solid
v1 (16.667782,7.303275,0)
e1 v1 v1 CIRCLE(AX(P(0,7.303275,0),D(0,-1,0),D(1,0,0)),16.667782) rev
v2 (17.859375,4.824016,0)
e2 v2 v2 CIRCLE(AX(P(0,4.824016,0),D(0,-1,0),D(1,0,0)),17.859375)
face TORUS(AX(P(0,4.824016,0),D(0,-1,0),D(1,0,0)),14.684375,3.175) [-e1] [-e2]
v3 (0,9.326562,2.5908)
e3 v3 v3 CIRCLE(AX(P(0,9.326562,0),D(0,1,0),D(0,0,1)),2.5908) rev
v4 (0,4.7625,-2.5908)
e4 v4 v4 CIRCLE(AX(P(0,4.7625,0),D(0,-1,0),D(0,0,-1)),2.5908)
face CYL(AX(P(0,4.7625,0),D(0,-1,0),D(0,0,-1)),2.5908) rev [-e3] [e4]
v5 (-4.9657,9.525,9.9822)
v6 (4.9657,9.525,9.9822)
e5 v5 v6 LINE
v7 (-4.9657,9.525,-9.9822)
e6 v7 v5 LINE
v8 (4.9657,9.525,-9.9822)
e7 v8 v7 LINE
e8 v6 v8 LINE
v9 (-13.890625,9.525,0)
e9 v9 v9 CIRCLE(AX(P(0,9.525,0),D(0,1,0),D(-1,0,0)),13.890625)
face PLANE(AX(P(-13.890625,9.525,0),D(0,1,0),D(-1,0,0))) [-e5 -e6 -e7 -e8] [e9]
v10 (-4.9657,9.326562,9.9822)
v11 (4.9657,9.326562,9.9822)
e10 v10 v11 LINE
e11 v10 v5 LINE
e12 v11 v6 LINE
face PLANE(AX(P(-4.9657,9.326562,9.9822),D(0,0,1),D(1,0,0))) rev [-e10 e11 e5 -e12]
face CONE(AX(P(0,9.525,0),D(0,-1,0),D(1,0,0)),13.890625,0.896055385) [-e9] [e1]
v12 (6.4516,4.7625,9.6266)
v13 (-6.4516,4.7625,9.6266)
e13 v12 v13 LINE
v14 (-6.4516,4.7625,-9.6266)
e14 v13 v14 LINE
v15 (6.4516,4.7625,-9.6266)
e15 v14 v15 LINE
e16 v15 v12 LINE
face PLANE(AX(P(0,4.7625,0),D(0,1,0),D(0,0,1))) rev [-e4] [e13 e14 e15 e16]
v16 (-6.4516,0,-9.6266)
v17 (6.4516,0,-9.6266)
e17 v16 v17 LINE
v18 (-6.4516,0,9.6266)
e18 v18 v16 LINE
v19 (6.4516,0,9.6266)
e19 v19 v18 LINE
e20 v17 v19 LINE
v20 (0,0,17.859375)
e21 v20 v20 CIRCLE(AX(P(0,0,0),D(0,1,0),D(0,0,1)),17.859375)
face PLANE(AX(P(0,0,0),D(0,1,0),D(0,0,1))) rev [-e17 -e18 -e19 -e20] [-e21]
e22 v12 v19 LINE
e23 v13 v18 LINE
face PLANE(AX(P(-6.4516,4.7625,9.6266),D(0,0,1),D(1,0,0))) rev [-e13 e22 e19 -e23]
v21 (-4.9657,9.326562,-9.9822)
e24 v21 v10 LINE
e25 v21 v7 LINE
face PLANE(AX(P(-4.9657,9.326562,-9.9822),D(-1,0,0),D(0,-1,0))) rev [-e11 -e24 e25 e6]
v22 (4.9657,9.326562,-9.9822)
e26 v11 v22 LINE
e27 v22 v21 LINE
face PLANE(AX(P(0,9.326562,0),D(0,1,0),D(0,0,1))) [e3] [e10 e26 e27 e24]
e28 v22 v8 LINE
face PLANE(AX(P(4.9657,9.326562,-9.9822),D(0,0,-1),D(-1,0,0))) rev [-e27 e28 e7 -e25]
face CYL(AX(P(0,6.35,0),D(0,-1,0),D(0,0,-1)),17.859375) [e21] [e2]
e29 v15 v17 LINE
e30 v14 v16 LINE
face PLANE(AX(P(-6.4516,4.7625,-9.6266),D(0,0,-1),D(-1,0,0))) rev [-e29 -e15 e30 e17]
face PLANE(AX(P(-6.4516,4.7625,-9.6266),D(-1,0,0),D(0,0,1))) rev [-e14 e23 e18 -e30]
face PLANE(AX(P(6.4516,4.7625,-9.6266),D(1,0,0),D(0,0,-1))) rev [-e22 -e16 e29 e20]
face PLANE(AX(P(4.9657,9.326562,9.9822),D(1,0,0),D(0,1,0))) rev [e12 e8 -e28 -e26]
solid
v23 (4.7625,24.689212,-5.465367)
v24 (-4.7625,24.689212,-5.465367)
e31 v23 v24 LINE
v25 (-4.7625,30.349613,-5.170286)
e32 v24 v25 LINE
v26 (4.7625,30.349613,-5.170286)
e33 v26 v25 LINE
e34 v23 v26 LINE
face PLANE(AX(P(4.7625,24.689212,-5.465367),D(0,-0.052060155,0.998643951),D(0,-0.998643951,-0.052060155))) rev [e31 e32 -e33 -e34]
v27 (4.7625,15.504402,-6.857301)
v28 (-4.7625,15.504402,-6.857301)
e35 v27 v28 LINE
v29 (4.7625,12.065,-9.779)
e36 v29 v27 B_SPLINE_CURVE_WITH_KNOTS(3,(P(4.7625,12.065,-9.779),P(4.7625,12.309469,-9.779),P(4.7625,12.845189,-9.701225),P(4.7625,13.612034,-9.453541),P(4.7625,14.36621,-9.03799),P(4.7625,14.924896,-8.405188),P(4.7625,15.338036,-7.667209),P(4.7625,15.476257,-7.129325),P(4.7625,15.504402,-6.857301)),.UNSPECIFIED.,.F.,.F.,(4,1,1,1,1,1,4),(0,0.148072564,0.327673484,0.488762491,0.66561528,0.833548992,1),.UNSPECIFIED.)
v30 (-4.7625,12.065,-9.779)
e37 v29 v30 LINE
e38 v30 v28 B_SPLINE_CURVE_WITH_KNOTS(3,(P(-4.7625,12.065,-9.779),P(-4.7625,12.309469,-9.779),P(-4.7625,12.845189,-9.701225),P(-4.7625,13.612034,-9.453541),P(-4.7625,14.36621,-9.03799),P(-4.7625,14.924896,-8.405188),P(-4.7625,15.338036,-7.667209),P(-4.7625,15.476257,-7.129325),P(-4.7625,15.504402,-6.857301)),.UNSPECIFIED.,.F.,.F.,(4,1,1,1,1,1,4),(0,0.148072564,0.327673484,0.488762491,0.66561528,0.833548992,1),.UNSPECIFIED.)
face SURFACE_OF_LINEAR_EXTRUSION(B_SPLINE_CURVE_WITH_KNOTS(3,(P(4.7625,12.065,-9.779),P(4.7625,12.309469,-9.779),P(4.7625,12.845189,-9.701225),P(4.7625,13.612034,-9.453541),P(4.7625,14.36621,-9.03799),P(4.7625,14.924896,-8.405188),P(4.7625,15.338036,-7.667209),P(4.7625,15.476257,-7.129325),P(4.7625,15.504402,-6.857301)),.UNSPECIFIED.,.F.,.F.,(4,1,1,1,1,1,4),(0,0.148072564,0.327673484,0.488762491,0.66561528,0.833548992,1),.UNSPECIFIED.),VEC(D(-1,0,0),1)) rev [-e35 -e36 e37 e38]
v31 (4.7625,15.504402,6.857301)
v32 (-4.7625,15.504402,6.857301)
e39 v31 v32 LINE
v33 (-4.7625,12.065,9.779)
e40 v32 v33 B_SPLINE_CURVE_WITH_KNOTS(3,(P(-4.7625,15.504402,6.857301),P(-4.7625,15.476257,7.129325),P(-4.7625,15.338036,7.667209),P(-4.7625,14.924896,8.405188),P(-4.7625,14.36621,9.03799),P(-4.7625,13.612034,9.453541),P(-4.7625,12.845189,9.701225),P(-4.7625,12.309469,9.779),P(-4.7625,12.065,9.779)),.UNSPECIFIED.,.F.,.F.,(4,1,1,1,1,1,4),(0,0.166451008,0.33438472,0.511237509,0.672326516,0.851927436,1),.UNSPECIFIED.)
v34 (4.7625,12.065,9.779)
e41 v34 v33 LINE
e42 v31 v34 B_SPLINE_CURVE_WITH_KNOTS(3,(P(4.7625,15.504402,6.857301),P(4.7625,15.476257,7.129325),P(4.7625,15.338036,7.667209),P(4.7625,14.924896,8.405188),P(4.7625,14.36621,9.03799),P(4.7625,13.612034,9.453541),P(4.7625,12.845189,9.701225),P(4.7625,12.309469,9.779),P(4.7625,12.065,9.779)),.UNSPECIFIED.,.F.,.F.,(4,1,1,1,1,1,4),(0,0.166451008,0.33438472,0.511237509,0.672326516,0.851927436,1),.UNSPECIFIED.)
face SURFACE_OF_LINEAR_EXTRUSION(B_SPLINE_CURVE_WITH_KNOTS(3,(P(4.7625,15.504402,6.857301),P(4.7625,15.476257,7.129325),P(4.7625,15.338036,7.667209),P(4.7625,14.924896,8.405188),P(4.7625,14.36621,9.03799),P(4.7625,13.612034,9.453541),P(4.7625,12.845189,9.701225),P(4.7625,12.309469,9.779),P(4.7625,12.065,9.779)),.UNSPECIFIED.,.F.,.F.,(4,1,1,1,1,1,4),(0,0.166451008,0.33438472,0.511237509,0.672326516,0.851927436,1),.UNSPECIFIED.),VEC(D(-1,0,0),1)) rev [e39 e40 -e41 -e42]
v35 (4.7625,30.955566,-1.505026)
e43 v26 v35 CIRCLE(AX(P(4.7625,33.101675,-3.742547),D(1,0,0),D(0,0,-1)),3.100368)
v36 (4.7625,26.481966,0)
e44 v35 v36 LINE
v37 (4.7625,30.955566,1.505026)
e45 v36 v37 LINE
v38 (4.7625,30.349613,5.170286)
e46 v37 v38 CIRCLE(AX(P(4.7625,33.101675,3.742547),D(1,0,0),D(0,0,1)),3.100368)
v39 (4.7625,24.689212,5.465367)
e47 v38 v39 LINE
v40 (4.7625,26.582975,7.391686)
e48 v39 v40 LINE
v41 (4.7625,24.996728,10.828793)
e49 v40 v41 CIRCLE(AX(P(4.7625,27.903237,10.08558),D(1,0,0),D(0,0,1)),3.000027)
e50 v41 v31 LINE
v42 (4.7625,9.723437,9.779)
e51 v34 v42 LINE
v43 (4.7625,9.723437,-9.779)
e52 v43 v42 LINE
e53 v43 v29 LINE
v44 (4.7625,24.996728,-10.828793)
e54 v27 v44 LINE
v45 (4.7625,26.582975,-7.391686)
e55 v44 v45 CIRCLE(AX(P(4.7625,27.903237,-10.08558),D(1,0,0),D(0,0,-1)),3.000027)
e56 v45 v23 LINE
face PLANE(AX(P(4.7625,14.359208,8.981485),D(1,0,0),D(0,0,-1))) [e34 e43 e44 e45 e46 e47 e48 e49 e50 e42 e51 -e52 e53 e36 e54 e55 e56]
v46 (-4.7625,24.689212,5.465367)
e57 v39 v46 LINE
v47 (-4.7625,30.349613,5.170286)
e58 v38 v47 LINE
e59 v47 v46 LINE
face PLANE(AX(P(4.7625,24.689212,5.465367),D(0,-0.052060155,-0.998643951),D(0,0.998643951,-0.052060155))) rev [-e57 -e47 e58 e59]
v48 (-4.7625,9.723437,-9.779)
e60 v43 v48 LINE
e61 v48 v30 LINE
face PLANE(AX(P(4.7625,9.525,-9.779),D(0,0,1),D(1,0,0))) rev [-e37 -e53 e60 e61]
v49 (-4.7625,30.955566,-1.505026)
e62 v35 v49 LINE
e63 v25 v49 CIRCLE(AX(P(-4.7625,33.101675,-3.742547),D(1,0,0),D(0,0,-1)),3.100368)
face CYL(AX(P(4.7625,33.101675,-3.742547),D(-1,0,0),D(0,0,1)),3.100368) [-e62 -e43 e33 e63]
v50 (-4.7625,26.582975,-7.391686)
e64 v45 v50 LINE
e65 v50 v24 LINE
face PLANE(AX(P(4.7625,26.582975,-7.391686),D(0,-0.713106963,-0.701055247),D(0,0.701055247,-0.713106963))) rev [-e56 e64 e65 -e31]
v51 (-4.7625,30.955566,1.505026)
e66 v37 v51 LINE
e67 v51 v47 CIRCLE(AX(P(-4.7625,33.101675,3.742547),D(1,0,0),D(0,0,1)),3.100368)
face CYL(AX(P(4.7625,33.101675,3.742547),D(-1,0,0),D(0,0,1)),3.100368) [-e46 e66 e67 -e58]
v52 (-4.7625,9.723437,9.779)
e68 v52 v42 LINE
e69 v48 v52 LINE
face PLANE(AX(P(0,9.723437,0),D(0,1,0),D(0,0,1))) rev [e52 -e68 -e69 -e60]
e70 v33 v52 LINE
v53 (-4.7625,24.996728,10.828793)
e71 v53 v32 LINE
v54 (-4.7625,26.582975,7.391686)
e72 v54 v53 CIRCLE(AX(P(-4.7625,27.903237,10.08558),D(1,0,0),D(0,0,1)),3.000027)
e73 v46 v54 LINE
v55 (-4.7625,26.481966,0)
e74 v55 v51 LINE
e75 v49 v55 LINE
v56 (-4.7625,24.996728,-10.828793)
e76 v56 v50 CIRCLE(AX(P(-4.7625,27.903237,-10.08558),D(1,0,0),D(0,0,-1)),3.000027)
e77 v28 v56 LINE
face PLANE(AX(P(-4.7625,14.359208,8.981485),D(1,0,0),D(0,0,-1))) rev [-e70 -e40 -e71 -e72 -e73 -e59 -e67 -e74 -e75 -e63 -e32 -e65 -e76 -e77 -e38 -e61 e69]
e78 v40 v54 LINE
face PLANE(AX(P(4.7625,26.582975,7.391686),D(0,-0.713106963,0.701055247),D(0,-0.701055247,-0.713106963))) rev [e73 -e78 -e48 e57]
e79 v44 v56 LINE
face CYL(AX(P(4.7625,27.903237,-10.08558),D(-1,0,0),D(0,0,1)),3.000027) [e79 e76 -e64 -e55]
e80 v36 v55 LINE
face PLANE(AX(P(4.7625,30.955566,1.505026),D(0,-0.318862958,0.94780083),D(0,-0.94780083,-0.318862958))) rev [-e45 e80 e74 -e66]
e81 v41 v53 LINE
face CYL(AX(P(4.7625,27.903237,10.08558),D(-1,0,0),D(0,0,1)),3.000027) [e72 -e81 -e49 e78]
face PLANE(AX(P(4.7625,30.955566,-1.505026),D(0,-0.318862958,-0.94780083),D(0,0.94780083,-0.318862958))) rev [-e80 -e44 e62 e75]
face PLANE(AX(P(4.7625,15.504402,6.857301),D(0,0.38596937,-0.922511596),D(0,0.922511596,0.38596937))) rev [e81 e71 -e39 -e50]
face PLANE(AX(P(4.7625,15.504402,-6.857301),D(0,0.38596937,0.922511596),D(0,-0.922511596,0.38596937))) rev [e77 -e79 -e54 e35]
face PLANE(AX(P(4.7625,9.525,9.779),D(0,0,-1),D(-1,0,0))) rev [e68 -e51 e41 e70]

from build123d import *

# Parameters (mm, degrees)
SKETCH1_R                  = 17.859375
BOSS_EXTRUDE1_DEPTH        = 6.35
SKETCH3_W                  = 12.9032
SKETCH3_H                  = 19.2532
CUT_EXTRUDE1_DEPTH         = 4.7625
F_6_0_204_DIAMETER_HOLE1_D = 5.1816
BOSS_EXTRUDE2_DEPTH        = 4.7625
SKETCH7_W                  = 9.9314
SKETCH7_H                  = 19.9644
CUT_EXTRUDE2_DEPTH         = 0.1984375
FILLET1_R                  = 3.175


with BuildPart() as part:
    # Sketch1 → Boss-Extrude1 (new body)
    with BuildSketch(Plane(origin=(0, 0, 0), x_dir=(1, 0, 0), z_dir=(0, 1, 0))):
        with Locations(Location((0, 0, 0), (0, 0, 270))):
            Circle(SKETCH1_R)
    extrude(amount=BOSS_EXTRUDE1_DEPTH)

    # Sketch2 → Revolve1 (revolve)
    with BuildSketch(Plane.XY, mode=Mode.PRIVATE) as revolve1_sk:
        Polygon((-17.859375, 6.35), (-13.890625, 9.525), (0, 9.525), (0, 6.35), align=None)
    revolve(revolve1_sk.sketch.rotate(Axis((0, 9.525, 0), (0, -1, 0)), 270), axis=Axis((0, 9.525, 0), (0, -1, 0)))

    # Sketch3 → Cut-Extrude1 (cut)
    with BuildSketch(Plane.XZ):
        Rectangle(SKETCH3_W, SKETCH3_H)
    extrude(amount=-CUT_EXTRUDE1_DEPTH, mode=Mode.SUBTRACT)

    # #6 (0.204) Diameter Hole1 (through all)
    with Locations(Plane(origin=(0, 4.7625, 0), x_dir=(-1, 0, 0), z_dir=(0, -1, 0))):
        with Locations((0, 0)):
            Hole(F_6_0_204_DIAMETER_HOLE1_D / 2)


with BuildPart() as body_2:
    # Sketch6 → Boss-Extrude2 (new, symmetric)
    with BuildSketch(Plane(origin=(0, 0, 0), x_dir=(0, 0, -1), z_dir=(1, 0, 0))):
        with BuildLine():
            Line((-9.779, 9.525), (9.779, 9.525))
            Line((9.779, 9.525), (9.779, 12.065))
            add(Edge.make_bspline(
                [(9.779, 12.065), (9.779, 12.309468919), (9.701224749, 12.845188646), (9.453540753, 13.61203379), (9.03799011, 14.366209833), (8.40518758, 14.92489564), (7.66720928, 15.338035784), (7.129325135, 15.476256725), (6.857301174, 15.504401939)],
                knots=[0, 0, 0, 0, 0.148072564, 0.327673484, 0.488762491, 0.66561528, 0.833548992, 1, 1, 1, 1], degree=3))
            Line((6.857301174, 15.504401939), (10.828792805, 24.996727929))
            ThreePointArc((10.828792805, 24.996727929), (11.342694333, 30.627172731), (7.391685615, 26.582975214))
            Line((7.391685615, 26.582975214), (5.465367278, 24.689212217))
            Line((5.465367278, 24.689212217), (5.170285785, 30.349613138))
            ThreePointArc((5.170285785, 30.349613138), (4.248246661, 36.160523017), (1.5050265, 30.955566445))
            Line((1.5050265, 30.955566445), (0, 26.481966322))
            Line((0, 26.481966322), (-1.5050265, 30.955566445))
            ThreePointArc((-1.5050265, 30.955566445), (-4.248246661, 36.160523017), (-5.170285785, 30.349613138))
            Line((-5.170285785, 30.349613138), (-5.465367278, 24.689212217))
            Line((-5.465367278, 24.689212217), (-7.391685615, 26.582975214))
            ThreePointArc((-7.391685615, 26.582975214), (-11.342694333, 30.627172731), (-10.828792805, 24.996727929))
            Line((-10.828792805, 24.996727929), (-6.857301174, 15.504401939))
            add(Edge.make_bspline(
                [(-9.779, 12.065), (-9.779, 12.309468919), (-9.701224749, 12.845188646), (-9.453540753, 13.61203379), (-9.03799011, 14.366209833), (-8.40518758, 14.92489564), (-7.66720928, 15.338035784), (-7.129325135, 15.476256725), (-6.857301174, 15.504401939)],
                knots=[0, 0, 0, 0, 0.148072564, 0.327673484, 0.488762491, 0.66561528, 0.833548992, 1, 1, 1, 1], degree=3))
            Line((-9.779, 12.065), (-9.779, 9.525))
        make_face()
    extrude(amount=BOSS_EXTRUDE2_DEPTH, both=True)


with BuildPart() as cut_extrude2_tool:
    # Sketch7 → Cut-Extrude2 (new, symmetric)
    with BuildSketch(Plane(origin=(0, 9.525, 0), x_dir=(1, 0, 0), z_dir=(0, 1, 0))):
        Rectangle(SKETCH7_W, SKETCH7_H)
    extrude(amount=CUT_EXTRUDE2_DEPTH, both=True)


with BuildPart() as part_1:
    add(part.part)

    # Cut-Extrude2: cut by cut_extrude2_tool
    add(cut_extrude2_tool.part, mode=Mode.SUBTRACT)

    # Fillet1
    fillet1_edges = [part_1.edges().sort_by_distance(p)[0] for p in [
        (0, 6.35, -17.859375),
    ]]
    fillet(fillet1_edges, radius=FILLET1_R)


with BuildPart() as body_2_1:
    add(body_2.part)

    # Cut-Extrude2: cut by cut_extrude2_tool
    add(cut_extrude2_tool.part, mode=Mode.SUBTRACT)


solid = Compound([part_1.part, body_2_1.part])
